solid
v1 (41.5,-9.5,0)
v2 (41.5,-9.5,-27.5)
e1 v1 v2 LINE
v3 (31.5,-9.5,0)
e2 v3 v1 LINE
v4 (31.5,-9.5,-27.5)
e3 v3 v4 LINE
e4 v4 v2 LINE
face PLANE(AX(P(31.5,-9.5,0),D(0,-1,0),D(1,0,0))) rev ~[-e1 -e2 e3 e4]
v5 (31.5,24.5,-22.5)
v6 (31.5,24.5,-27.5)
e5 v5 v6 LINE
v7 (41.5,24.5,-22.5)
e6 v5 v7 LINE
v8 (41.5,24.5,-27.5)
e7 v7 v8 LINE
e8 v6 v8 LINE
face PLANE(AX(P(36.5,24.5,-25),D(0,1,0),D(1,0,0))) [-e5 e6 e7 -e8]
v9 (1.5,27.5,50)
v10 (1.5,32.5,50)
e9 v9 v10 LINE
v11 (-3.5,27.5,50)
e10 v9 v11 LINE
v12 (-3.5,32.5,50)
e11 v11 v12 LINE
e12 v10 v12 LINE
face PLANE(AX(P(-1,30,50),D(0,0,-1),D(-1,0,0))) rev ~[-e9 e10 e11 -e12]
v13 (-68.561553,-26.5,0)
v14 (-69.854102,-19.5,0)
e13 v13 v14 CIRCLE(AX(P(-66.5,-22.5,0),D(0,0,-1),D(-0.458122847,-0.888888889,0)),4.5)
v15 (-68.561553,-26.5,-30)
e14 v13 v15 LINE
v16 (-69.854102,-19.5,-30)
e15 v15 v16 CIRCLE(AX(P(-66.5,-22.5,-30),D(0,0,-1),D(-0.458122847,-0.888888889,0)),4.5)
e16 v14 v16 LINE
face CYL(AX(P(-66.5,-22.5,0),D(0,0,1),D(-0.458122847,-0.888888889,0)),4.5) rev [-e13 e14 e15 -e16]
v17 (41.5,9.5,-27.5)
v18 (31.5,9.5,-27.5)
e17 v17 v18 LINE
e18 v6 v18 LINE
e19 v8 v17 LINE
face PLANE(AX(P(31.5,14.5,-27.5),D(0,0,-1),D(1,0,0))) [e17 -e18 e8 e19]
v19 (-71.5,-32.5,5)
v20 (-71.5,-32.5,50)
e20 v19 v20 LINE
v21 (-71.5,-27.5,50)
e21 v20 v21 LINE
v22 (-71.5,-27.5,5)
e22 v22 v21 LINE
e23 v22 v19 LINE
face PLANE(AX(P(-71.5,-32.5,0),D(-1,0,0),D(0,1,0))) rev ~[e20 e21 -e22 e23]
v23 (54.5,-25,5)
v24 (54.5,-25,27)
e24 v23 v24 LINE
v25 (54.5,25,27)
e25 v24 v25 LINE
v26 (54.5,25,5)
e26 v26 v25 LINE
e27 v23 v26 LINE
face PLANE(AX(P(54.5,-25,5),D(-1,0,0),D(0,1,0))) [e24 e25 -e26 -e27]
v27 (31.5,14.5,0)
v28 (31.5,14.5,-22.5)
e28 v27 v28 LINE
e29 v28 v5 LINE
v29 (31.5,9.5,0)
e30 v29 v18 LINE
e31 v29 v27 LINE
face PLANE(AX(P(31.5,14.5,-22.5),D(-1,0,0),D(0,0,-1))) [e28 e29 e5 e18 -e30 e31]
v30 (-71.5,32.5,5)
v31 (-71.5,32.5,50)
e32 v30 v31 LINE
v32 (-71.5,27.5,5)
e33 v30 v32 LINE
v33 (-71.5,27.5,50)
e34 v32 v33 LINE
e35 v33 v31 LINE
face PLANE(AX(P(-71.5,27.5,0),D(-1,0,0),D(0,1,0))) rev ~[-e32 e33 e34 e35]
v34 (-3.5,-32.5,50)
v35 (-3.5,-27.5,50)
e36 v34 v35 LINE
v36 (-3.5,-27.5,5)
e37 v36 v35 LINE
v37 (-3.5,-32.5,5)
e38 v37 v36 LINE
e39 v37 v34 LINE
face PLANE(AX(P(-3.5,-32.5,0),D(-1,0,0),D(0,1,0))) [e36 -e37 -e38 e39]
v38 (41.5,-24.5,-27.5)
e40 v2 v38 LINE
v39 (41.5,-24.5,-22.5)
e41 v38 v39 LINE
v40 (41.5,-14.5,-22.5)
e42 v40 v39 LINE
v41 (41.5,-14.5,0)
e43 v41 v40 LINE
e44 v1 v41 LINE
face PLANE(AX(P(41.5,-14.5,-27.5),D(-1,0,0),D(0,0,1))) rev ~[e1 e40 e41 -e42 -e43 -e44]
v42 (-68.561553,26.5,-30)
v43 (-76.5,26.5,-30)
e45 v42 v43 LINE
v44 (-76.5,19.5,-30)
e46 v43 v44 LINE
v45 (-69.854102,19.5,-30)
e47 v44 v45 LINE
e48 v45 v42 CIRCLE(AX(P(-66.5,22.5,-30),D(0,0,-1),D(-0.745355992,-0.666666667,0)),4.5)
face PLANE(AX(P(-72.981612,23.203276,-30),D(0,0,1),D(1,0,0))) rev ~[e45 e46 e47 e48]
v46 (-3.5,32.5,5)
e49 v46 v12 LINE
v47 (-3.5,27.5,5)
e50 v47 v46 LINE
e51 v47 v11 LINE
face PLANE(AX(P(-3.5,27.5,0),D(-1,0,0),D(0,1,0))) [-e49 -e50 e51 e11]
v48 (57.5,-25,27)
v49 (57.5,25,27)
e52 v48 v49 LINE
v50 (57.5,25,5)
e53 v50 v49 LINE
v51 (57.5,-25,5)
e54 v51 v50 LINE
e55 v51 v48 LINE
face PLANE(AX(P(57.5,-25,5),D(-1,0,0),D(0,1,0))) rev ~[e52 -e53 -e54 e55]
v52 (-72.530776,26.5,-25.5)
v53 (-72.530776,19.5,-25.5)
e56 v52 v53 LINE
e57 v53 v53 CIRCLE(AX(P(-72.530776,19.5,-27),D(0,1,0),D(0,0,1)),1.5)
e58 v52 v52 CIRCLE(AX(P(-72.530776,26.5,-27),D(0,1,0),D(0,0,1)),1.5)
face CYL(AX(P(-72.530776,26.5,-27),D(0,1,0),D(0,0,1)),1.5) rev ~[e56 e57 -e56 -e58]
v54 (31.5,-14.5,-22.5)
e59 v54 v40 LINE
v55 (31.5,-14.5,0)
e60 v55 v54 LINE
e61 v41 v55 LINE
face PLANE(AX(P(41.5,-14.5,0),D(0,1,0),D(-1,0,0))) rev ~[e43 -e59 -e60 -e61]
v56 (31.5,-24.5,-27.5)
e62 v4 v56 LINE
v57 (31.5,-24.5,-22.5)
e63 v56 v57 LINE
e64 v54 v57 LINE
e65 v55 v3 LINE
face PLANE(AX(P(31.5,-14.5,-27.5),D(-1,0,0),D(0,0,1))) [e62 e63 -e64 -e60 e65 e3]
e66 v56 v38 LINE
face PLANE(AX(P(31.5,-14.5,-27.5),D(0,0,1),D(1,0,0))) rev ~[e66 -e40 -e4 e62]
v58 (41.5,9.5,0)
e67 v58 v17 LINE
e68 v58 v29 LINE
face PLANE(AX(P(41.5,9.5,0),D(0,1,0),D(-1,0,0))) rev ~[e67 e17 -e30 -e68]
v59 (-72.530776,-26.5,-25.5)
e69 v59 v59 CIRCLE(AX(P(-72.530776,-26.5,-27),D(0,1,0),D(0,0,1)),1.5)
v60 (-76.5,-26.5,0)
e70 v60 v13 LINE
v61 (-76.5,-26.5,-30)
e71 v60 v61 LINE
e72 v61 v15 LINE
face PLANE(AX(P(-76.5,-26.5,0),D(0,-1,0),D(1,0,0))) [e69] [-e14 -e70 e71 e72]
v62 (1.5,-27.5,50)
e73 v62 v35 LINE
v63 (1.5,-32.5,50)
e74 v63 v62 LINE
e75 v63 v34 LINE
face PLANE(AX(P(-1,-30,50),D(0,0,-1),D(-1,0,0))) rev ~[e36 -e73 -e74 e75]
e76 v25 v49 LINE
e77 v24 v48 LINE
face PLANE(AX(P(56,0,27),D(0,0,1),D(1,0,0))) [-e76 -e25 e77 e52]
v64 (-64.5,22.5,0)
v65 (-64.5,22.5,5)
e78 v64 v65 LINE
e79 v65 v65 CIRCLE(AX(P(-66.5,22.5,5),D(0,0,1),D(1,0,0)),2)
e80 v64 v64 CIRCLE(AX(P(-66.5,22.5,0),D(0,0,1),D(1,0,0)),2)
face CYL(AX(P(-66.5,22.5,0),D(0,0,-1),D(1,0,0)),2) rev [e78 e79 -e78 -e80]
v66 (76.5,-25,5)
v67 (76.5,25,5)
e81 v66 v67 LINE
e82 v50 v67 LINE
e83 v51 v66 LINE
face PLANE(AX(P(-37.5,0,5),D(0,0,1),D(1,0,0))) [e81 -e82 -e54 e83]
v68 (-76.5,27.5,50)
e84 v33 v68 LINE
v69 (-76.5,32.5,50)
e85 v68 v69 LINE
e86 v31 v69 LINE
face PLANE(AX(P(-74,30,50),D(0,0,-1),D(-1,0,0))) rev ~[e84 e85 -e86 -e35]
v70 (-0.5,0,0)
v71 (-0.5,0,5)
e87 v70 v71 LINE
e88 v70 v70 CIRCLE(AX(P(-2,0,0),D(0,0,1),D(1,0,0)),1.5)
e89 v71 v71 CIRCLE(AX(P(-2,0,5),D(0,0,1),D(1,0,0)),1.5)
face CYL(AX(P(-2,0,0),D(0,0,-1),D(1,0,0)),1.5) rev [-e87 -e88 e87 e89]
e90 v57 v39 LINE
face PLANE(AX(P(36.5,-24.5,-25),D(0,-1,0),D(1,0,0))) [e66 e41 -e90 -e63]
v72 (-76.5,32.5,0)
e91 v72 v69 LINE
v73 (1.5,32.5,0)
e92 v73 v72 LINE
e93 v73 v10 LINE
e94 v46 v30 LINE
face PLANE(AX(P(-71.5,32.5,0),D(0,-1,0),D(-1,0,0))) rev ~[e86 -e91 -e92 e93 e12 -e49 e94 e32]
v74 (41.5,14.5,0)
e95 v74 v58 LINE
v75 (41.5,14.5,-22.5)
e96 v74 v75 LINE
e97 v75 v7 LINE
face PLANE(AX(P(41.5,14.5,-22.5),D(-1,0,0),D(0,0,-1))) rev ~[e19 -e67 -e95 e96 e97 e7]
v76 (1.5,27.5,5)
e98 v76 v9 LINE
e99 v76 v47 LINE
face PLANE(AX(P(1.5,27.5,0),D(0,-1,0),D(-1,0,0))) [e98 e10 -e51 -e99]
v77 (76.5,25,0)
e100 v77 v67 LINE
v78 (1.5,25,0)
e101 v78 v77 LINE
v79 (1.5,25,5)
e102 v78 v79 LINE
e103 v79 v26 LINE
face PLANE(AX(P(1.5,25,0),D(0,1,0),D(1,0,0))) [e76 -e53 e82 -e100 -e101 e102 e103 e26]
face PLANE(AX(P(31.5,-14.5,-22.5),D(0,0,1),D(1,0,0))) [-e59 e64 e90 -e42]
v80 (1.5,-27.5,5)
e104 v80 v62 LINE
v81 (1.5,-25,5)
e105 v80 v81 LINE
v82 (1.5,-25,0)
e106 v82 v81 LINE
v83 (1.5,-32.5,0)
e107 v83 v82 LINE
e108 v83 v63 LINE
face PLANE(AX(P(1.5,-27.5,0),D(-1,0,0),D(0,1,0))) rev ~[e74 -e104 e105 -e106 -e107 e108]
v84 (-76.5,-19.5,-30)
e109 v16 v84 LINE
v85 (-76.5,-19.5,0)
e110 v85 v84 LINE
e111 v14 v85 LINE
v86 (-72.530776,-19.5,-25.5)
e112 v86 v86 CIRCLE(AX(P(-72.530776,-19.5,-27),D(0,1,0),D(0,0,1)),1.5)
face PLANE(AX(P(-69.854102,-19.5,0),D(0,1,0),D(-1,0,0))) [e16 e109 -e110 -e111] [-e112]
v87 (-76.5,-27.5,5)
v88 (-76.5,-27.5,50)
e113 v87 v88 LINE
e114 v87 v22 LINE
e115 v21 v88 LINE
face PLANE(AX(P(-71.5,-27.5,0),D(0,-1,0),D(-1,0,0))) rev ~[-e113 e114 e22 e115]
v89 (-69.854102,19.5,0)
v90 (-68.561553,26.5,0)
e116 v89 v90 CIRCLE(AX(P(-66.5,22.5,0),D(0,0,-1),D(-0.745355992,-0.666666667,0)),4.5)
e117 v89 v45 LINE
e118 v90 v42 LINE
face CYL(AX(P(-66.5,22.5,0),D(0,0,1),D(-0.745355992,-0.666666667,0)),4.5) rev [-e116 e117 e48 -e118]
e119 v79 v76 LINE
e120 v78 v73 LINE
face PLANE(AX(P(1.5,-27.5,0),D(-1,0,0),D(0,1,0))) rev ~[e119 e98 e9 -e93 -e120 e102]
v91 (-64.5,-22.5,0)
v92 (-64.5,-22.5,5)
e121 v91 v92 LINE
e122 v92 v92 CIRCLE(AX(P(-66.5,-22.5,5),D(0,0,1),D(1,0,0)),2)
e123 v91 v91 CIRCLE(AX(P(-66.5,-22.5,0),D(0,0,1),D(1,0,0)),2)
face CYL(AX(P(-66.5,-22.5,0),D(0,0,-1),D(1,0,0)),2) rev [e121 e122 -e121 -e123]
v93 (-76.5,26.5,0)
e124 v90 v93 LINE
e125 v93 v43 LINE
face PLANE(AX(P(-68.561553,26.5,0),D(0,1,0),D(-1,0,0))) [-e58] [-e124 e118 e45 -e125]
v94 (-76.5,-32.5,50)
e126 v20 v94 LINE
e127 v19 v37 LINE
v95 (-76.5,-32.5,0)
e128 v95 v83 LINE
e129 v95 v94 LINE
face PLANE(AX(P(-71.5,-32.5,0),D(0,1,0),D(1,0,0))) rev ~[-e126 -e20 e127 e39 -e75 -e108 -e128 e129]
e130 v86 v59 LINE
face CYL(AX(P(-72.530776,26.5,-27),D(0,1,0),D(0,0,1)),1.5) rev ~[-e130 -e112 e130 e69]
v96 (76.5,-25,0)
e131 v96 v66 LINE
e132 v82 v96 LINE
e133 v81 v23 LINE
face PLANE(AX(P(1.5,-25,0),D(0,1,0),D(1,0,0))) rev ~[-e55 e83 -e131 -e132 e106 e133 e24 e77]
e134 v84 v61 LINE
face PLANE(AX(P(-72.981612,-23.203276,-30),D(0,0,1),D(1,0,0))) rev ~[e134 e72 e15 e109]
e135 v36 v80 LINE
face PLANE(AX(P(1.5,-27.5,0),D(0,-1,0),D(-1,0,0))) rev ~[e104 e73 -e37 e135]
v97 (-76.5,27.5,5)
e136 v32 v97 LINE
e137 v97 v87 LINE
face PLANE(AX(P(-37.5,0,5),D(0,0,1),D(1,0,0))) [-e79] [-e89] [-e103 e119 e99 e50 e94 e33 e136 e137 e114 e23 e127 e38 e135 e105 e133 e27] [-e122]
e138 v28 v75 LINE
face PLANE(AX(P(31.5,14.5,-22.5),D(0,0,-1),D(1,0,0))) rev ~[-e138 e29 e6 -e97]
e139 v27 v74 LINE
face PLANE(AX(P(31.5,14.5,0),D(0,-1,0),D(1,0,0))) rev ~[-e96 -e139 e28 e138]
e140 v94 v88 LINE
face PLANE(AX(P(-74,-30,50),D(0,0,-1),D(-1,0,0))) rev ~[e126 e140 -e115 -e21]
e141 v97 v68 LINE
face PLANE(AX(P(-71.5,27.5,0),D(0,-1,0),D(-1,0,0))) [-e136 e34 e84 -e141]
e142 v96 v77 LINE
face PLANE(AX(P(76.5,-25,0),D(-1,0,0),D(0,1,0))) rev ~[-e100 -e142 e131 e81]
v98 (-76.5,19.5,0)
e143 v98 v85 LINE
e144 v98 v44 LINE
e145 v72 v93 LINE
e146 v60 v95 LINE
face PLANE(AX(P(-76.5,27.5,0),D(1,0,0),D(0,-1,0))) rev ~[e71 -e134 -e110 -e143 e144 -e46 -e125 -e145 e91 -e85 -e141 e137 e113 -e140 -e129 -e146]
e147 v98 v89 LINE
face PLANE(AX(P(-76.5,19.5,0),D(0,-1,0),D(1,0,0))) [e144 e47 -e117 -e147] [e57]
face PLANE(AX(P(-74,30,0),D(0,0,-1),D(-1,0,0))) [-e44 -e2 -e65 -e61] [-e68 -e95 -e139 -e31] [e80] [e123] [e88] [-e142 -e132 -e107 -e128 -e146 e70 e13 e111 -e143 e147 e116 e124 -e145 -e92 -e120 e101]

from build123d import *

# Parameters (mm, degrees)
CROQUIS1_R               = 2
CROQUIS1_R_2             = 1.5
CROQUIS1_W               = 75
CROQUIS1_H               = 50
SALIENTE_EXTRUIR4_DEPTH  = 5
CROQUIS3_W               = 5
CROQUIS3_H               = 5
SALIENTE_EXTRUIR5_DEPTH  = 50
CROQUIS4_W               = 3
CROQUIS4_H               = 50
SALIENTE_EXTRUIR7_DEPTH  = 22
SALIENTE_EXTRUIR9_DEPTH  = 27.5
CROQUIS7_W               = 10
CROQUIS7_H               = 5
SALIENTE_EXTRUIR10_DEPTH = 10
CROQUIS8_W               = 10
CROQUIS8_H               = 5
SALIENTE_EXTRUIR11_DEPTH = 10
SALIENTE_EXTRUIR12_DEPTH = 30
CROQUIS10_R              = 1.5
CORTAR_EXTRUIR1_DEPTH    = 77


with BuildPart() as part:
    # Croquis1 → Saliente-Extruir4 (new body)
    # profile 1 of 2: a face of its own
    with BuildSketch(Plane.XY):
        Polygon((-71.5, -27.5), (-71.5, -32.5), (-3.5, -32.5), (-3.5, -27.5), (1.5, -27.5), (1.5, -25), (1.5, 25), (1.5, 27.5), (-3.5, 27.5), (-3.5, 32.5), (-71.5, 32.5), (-71.5, 27.5), (-76.5, 27.5), (-76.5, -27.5), align=None)
        with Locations((-66.5, -22.5)):
            Circle(CROQUIS1_R, mode=Mode.SUBTRACT)
        with Locations((-2, 0)):
            Circle(CROQUIS1_R_2, mode=Mode.SUBTRACT)
        with Locations((-66.5, 22.5)):
            Circle(CROQUIS1_R, mode=Mode.SUBTRACT)
    # profile 2 of 2: a face of its own
    with BuildSketch(Plane.XY):
        with Locations((39, 0)):
            Rectangle(CROQUIS1_W, CROQUIS1_H)
    extrude(amount=SALIENTE_EXTRUIR4_DEPTH)

    # Croquis3 → Saliente-Extruir5 (add)
    with BuildSketch(Plane(origin=(0, 0, 0), x_dir=(-1, 0, 0), z_dir=(0, 0, -1))):
        with Locations((74, 30)):
            Rectangle(CROQUIS3_W, CROQUIS3_H)
        with Locations((1, -30)):
            Rectangle(CROQUIS3_W, CROQUIS3_H)
        with Locations((1, 30)):
            Rectangle(CROQUIS3_W, CROQUIS3_H)
        with Locations((74, -30)):
            Rectangle(CROQUIS3_W, CROQUIS3_H)
    extrude(amount=-SALIENTE_EXTRUIR5_DEPTH)

    # Croquis4 → Saliente-Extruir7 (add)
    with BuildSketch(Plane.XY.offset(5)):
        with Locations((56, 0)):
            Rectangle(CROQUIS4_W, CROQUIS4_H)
    extrude(amount=SALIENTE_EXTRUIR7_DEPTH)

    # Croquis6 → Saliente-Extruir9 (add)
    with BuildSketch(Plane(origin=(0, 0, 0), x_dir=(-1, 0, 0), z_dir=(0, 0, -1))):
        Polygon((-31.5, 13.5), (-31.5, 14.5), (-41.5, 14.5), (-41.5, 13.5), (-41.5, 9.5), (-31.5, 9.5), align=None)
        Polygon((-31.5, -13.5), (-31.5, -9.5), (-41.5, -9.5), (-41.5, -13.5), (-41.5, -14.5), (-31.5, -14.5), align=None)
    extrude(amount=SALIENTE_EXTRUIR9_DEPTH)

    # Croquis7 → Saliente-Extruir10 (add)
    with BuildSketch(Plane(origin=(0, 14.5, 0), x_dir=(1, 0, 0), z_dir=(0, 1, 0))):
        with Locations((36.5, 25)):
            Rectangle(CROQUIS7_W, CROQUIS7_H)
    extrude(amount=SALIENTE_EXTRUIR10_DEPTH)

    # Croquis8 → Saliente-Extruir11 (add)
    with BuildSketch(Plane.XZ.offset(14.5)):
        with Locations((36.5, -25)):
            Rectangle(CROQUIS8_W, CROQUIS8_H)
    extrude(amount=SALIENTE_EXTRUIR11_DEPTH)

    # Croquis9 → Saliente-Extruir12 (add)
    with BuildSketch(Plane(origin=(0, 0, 0), x_dir=(-1, 0, 0), z_dir=(0, 0, -1))):
        with BuildLine():
            Line((69.854101966, -19.5), (76.5, -19.5))
            Line((76.5, -19.5), (76.5, -26.5))
            Line((76.5, -26.5), (68.561552813, -26.5))
            ThreePointArc((68.561552813, -26.5), (70.925192558, -23.317111271), (69.854101966, -19.5))
        make_face()
        with BuildLine():
            Line((68.561552813, 26.5), (76.5, 26.5))
            Line((76.5, 26.5), (76.5, 19.5))
            Line((76.5, 19.5), (69.854101966, 19.5))
            ThreePointArc((69.854101966, 19.5), (70.925192558, 23.317111271), (68.561552813, 26.5))
        make_face()
    extrude(amount=SALIENTE_EXTRUIR12_DEPTH)

    # Croquis10 → Cortar-Extruir1 (cut)
    with BuildSketch(Plane(origin=(0, 26.5, 0), x_dir=(1, 0, 0), z_dir=(0, 1, 0))):
        with Locations(Location((-72.530776406, 27, 0), (0, 0, 270))):
            Circle(CROQUIS10_R)
    extrude(amount=-CORTAR_EXTRUIR1_DEPTH, mode=Mode.SUBTRACT)


solid = part.part
